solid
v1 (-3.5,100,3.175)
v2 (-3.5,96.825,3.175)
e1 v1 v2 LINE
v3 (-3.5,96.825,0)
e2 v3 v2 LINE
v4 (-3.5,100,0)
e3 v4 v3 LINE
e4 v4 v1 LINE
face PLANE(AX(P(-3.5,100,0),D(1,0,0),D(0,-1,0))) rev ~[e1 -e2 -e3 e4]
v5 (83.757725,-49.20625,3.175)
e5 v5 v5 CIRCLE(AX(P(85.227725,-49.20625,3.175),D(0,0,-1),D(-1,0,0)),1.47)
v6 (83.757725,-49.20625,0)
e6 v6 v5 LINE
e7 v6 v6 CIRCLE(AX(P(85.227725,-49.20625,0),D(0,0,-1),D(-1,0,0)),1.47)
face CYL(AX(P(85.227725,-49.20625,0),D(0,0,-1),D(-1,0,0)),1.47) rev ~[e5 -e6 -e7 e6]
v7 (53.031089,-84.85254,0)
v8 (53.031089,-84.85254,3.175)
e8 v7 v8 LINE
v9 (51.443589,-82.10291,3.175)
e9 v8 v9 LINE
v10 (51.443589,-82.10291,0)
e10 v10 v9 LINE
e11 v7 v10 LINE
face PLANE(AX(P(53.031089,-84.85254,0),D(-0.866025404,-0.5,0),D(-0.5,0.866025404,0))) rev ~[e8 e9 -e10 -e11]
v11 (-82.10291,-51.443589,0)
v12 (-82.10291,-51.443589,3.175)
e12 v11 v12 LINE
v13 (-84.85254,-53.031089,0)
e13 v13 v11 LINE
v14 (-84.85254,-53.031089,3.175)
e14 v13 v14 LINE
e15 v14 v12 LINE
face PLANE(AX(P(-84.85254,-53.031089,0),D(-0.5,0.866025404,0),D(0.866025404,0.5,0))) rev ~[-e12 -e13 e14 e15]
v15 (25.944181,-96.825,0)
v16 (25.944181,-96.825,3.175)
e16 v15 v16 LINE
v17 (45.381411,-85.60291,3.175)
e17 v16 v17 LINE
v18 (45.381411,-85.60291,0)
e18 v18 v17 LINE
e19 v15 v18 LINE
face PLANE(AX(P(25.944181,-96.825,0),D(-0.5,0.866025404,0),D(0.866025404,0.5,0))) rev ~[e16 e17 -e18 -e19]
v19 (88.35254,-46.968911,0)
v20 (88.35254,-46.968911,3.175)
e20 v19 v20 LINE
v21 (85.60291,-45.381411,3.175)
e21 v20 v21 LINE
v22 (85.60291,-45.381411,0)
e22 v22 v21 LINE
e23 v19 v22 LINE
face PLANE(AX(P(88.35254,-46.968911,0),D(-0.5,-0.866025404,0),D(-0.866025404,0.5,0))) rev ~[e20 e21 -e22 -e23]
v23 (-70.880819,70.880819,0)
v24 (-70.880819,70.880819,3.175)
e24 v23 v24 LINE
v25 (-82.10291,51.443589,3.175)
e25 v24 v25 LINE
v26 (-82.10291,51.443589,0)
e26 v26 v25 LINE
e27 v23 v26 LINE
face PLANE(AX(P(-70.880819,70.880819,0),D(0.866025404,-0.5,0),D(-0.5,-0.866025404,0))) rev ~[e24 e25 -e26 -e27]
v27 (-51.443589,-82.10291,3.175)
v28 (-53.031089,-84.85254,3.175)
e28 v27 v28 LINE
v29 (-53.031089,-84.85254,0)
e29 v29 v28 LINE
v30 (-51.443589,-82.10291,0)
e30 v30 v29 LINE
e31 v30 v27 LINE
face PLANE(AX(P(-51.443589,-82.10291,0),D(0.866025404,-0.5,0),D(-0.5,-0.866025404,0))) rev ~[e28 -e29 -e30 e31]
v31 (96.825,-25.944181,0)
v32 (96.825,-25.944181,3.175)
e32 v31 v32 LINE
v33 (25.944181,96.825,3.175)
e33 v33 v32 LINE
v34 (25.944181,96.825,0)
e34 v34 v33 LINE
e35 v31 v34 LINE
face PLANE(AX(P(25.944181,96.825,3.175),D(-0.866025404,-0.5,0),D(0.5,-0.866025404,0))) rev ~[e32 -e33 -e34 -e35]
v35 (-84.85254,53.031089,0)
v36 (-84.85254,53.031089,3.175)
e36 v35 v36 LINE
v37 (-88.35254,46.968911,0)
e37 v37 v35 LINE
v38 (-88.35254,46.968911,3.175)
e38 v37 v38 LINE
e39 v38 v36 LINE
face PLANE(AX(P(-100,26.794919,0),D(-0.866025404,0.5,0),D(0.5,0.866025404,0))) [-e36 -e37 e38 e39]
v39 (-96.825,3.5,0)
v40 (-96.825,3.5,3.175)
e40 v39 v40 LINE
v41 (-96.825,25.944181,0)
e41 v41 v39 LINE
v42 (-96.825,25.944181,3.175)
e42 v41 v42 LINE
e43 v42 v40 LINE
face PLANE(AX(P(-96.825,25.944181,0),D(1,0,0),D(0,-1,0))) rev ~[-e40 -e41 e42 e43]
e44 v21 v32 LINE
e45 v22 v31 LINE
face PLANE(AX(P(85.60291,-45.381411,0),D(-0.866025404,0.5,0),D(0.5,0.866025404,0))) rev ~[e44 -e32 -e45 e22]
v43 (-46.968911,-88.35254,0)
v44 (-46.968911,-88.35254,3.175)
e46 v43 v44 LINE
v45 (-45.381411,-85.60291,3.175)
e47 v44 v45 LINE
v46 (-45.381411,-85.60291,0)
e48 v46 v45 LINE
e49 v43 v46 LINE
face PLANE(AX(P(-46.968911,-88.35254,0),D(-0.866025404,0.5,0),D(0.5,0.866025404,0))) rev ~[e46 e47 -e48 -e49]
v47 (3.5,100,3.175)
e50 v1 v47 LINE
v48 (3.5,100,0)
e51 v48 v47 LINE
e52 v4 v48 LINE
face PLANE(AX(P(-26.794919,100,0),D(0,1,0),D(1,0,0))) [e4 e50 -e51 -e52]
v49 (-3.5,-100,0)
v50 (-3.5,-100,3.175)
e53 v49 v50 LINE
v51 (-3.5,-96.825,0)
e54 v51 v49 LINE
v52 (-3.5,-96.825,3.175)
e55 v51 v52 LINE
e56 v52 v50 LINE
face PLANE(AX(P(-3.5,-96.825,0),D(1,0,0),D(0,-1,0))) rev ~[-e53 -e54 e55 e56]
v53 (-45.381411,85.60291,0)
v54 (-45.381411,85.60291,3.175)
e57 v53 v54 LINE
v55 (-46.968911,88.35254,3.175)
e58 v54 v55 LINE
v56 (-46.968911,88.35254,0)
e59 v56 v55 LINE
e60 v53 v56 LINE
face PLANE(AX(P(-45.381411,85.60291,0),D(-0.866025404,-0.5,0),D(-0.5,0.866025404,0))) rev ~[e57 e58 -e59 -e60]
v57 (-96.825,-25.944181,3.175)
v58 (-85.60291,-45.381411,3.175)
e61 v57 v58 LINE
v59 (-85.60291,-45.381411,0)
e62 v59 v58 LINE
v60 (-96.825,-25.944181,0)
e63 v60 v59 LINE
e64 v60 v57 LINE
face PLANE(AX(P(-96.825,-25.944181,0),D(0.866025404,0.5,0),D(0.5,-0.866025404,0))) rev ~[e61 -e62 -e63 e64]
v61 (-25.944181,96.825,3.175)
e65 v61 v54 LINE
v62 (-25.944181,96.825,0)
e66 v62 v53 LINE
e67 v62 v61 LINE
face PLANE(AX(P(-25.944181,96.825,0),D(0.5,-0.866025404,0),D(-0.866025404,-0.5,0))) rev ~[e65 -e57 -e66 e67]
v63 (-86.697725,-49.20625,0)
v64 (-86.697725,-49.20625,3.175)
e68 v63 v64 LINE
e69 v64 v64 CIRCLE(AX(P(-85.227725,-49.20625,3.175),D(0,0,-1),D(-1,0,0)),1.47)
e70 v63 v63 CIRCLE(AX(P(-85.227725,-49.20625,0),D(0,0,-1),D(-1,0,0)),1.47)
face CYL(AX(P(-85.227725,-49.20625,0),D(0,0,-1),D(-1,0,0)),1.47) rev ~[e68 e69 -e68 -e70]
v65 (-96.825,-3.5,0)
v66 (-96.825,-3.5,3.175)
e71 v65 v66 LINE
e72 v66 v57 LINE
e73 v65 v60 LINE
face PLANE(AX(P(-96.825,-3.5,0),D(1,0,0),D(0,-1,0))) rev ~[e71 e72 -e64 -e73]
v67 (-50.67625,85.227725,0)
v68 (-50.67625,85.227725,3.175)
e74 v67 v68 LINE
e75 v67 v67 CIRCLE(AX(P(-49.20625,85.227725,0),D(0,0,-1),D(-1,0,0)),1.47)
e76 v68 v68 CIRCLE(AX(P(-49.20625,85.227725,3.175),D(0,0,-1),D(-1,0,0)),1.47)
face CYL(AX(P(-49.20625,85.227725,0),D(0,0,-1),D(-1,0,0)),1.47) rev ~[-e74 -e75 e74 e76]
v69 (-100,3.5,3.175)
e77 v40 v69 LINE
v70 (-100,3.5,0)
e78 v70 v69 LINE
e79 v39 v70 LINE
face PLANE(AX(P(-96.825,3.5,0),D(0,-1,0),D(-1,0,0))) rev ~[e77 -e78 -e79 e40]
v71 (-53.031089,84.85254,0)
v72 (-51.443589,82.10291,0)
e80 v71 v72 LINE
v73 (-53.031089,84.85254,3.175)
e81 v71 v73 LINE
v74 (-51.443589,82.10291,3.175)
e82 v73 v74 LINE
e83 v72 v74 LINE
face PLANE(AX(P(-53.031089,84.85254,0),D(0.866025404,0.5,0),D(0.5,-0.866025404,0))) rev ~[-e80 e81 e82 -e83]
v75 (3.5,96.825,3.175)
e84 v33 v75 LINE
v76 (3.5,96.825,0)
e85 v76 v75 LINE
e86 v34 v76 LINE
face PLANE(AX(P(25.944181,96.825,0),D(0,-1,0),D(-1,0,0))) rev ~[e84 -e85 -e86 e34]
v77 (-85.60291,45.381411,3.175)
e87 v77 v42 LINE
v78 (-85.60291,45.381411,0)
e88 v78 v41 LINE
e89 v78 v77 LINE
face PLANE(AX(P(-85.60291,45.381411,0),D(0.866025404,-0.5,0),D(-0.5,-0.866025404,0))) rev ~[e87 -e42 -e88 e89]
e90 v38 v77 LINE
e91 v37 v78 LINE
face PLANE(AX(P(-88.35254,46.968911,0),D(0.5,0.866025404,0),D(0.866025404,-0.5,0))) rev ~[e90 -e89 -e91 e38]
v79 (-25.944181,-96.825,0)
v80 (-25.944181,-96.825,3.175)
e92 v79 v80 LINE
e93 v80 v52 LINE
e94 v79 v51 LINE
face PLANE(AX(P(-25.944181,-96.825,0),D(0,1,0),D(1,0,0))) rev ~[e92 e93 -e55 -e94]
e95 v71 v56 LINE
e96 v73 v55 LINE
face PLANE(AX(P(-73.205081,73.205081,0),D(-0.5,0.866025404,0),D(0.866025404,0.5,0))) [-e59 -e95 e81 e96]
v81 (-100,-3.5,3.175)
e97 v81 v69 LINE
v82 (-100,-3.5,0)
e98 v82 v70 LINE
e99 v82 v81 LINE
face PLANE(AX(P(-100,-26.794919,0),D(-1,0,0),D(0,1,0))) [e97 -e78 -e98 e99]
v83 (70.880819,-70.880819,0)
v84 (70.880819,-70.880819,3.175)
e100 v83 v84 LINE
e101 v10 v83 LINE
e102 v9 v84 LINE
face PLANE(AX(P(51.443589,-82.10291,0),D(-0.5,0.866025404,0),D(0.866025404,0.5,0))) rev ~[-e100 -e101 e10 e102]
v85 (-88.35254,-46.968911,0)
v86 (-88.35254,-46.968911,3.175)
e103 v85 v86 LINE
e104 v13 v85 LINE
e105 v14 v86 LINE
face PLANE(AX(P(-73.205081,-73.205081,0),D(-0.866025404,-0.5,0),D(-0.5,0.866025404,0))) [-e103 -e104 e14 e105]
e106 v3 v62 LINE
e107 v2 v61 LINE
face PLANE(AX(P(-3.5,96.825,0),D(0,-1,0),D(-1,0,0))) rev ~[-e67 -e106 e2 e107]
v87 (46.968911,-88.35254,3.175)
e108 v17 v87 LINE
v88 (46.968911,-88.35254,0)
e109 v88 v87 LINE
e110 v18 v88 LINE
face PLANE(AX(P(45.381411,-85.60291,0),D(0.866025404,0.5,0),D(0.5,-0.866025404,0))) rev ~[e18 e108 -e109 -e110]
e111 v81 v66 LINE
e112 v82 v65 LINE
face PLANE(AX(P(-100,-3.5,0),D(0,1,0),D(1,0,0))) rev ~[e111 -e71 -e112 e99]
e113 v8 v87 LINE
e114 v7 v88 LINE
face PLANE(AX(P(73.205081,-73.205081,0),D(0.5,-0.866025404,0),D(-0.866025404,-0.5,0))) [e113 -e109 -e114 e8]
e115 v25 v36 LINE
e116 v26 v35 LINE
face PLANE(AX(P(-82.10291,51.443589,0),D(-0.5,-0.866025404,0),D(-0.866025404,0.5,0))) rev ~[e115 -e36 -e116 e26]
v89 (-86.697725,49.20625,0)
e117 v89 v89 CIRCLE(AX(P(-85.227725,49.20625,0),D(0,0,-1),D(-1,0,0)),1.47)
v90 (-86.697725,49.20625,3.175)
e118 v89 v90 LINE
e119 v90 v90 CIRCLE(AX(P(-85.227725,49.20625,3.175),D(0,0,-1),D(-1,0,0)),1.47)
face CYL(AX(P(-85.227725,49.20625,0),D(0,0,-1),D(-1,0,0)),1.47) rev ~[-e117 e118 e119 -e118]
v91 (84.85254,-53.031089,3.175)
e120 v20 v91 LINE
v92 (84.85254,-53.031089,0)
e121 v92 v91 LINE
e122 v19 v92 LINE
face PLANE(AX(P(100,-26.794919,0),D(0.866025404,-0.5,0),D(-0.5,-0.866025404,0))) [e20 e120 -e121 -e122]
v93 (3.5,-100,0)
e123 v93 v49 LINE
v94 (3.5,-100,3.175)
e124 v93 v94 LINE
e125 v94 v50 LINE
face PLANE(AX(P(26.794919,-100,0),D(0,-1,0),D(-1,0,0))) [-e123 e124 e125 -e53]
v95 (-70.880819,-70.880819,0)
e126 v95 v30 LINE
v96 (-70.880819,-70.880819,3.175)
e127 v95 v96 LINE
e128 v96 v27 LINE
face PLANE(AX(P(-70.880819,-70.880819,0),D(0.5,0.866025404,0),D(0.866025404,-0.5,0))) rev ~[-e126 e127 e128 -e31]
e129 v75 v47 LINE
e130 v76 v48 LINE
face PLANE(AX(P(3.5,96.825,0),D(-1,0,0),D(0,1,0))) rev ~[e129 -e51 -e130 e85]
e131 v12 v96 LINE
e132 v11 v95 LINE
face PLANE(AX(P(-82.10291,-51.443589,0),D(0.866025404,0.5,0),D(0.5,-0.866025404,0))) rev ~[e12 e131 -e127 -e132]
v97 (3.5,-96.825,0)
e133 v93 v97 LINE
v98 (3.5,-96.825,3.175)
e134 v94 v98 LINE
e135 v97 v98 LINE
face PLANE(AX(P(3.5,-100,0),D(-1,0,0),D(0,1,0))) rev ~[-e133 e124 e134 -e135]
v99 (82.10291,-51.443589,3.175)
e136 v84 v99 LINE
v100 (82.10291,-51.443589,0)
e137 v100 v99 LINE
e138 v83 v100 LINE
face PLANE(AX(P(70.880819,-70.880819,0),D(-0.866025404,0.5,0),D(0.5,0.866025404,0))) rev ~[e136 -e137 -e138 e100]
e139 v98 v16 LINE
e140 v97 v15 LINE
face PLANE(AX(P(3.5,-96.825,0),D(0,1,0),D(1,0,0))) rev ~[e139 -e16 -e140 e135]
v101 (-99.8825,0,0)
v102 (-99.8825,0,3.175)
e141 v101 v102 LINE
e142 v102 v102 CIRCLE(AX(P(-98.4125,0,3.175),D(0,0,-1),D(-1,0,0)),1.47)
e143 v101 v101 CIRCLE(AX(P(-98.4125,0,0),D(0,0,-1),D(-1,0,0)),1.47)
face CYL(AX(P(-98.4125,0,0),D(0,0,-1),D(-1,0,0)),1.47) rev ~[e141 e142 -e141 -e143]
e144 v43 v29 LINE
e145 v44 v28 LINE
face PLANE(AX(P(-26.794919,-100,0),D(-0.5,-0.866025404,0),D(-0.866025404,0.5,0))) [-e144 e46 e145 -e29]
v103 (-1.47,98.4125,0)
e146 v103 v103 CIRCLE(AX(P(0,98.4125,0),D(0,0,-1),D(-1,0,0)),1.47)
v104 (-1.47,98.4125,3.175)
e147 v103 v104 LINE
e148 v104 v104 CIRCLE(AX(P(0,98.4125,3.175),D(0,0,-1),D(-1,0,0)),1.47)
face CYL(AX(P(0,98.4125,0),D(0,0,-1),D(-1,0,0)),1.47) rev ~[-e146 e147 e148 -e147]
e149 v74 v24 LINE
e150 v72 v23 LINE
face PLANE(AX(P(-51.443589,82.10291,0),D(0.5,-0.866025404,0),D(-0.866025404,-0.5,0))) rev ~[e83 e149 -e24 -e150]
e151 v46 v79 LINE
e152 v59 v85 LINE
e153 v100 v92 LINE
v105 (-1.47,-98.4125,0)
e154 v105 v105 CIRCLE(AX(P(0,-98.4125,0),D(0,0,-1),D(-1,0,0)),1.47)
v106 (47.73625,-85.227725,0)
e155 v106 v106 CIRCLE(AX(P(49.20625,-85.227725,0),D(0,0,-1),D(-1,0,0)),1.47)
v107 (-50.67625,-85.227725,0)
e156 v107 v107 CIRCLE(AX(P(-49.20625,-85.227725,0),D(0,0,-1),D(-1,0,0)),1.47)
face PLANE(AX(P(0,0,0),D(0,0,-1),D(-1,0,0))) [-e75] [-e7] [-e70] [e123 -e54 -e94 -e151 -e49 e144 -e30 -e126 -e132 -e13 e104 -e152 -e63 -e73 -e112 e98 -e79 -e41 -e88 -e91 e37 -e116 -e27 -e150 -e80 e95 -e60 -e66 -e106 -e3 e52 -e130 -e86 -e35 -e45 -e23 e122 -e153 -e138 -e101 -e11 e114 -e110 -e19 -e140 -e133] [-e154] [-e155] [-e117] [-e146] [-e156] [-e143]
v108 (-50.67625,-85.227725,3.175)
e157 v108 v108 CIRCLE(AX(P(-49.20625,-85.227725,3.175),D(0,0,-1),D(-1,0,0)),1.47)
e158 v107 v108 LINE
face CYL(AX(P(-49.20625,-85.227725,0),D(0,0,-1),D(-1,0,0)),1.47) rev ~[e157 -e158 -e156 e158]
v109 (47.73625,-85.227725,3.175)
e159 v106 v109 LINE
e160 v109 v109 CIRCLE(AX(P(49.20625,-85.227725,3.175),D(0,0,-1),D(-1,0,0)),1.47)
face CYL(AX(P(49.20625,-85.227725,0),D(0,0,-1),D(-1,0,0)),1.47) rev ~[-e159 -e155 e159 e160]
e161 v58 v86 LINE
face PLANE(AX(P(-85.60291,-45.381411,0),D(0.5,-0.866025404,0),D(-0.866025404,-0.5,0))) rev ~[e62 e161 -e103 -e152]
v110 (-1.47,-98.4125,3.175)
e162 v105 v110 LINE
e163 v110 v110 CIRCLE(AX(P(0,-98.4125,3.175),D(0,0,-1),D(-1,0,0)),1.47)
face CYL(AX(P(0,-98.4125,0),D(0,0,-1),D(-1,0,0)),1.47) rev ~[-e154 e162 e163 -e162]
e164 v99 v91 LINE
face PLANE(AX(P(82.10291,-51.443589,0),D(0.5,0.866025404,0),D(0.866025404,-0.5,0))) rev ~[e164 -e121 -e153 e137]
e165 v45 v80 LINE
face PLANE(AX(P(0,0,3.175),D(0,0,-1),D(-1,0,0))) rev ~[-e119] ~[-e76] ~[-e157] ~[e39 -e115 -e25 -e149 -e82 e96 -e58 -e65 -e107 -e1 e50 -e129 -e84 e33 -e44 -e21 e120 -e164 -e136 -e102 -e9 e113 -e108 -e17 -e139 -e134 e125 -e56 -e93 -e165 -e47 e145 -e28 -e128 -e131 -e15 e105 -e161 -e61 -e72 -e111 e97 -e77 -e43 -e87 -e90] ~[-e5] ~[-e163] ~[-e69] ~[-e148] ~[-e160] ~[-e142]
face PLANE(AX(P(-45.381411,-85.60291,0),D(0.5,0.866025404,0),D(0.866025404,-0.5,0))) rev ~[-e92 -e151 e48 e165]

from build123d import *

# Parameters (mm, degrees)
BOSS_EXTRUDE1_DEPTH = 3.175
SKETCH3_R           = 1.47
CUT_EXTRUDE5_DEPTH  = 10
CUT_EXTRUDE6_DEPTH  = 10


with BuildPart() as part:
    # Sketch1 → Boss-Extrude1 (new body)
    with BuildSketch(Plane.XY):
        Polygon((-26.794919243, 100), (26.794919243, 100), (73.205080757, 73.205080757), (100, 26.794919243), (100, -26.794919243), (73.205080757, -73.205080757), (26.794919243, -100), (-26.794919243, -100), (-73.205080757, -73.205080757), (-100, -26.794919243), (-100, 26.794919243), (-73.205080757, 73.205080757), align=None)
    extrude(amount=BOSS_EXTRUDE1_DEPTH)

    # Sketch3 → Cut-Extrude5 (cut)
    with BuildSketch(Plane(origin=(0, 0, 0), x_dir=(-1, 0, 0), z_dir=(0, 0, -1))):
        Polygon((51.443588913, -82.102909721), (53.031088913, -84.852540378), (73.205080757, -73.205080757), (84.852540378, -53.031088913), (82.102909721, -51.443588913), (70.880819443, -70.880819443), align=None)
        Polygon((-26.794919243, -100), (-3.5, -100), (-3.5, -96.825), (-25.944180557, -96.825), (-45.381411087, -85.602909721), (-46.968911087, -88.352540378), align=None)
        Polygon((-73.205080757, -73.205080757), (-53.031088913, -84.852540378), (-51.443588913, -82.102909721), (-70.880819443, -70.880819443), (-82.102909721, -51.443588913), (-84.852540378, -53.031088913), align=None)
        with Locations((-49.20625, -85.22772505)):
            Circle(SKETCH3_R)
        Polygon((-100, -26.794919243), (-88.352540378, -46.968911087), (-85.602909721, -45.381411087), (-96.825, -25.944180557), (-96.825, -3.5), (-100, -3.5), align=None)
        Polygon((-100, 26.794919243), (-100, 3.5), (-96.825, 3.5), (-96.825, 25.944180557), (-85.602909721, 45.381411087), (-88.352540378, 46.968911087), align=None)
        Polygon((-26.794919243, 100), (-46.968911087, 88.352540378), (-45.381411087, 85.602909721), (-25.944180557, 96.825), (-3.5, 96.825), (-3.5, 100), align=None)
        Polygon((26.794919243, 100), (3.5, 100), (3.5, 96.825), (25.944180557, 96.825), (45.381411087, 85.602909721), (46.968911087, 88.352540378), align=None)
        Polygon((73.205080757, 73.205080757), (53.031088913, 84.852540378), (51.443588913, 82.102909721), (70.880819443, 70.880819443), (82.102909721, 51.443588913), (84.852540378, 53.031088913), align=None)
        with Locations((-85.22772505, 49.20625)):
            Circle(SKETCH3_R)
        with Locations((-49.20625, 85.22772505)):
            Circle(SKETCH3_R)
        with Locations((0, 98.4125)):
            Circle(SKETCH3_R)
        with Locations((49.20625, 85.22772505)):
            Circle(SKETCH3_R)
        with Locations((85.22772505, 49.20625)):
            Circle(SKETCH3_R)
        with Locations((98.4125, 0)):
            Circle(SKETCH3_R)
        Polygon((96.825, -3.5), (96.825, -25.944180557), (85.602909721, -45.381411087), (88.352540378, -46.968911087), (100, -26.794919243), (100, -3.5), align=None)
        with Locations((85.22772505, -49.20625)):
            Circle(SKETCH3_R)
        Polygon((45.381411087, -85.602909721), (25.944180557, -96.825), (3.5, -96.825), (3.5, -100), (26.794919243, -100), (46.968911087, -88.352540378), align=None)
        with Locations((0, -98.4125)):
            Circle(SKETCH3_R)
        with Locations((49.20625, -85.22772505)):
            Circle(SKETCH3_R)
        with Locations((-85.22772505, -49.20625)):
            Circle(SKETCH3_R)
        with Locations((-98.4125, 0)):
            Circle(SKETCH3_R)
        Polygon((-82.102909721, 51.443588913), (-70.880819443, 70.880819443), (-51.443588913, 82.102909721), (-53.031088913, 84.852540378), (-73.205080757, 73.205080757), (-84.852540378, 53.031088913), align=None)
        Polygon((100, 26.794919243), (88.352540378, 46.968911087), (85.602909721, 45.381411087), (96.825, 25.944180557), (96.825, 3.5), (100, 3.5), align=None)
    extrude(amount=-CUT_EXTRUDE5_DEPTH, mode=Mode.SUBTRACT)

    # Sketch4 → Cut-Extrude6 (cut)
    with BuildSketch(Plane.XY.offset(3.175)):
        Polygon((27.531680557, 99.574630657), (25.944180557, 96.825), (96.825, -25.944180557), (101.705845195, -25.944180557), (99.574630657, 27.531680557), (73.205080757, 73.205080757), align=None)
    extrude(amount=-CUT_EXTRUDE6_DEPTH, mode=Mode.SUBTRACT)


solid = part.part
